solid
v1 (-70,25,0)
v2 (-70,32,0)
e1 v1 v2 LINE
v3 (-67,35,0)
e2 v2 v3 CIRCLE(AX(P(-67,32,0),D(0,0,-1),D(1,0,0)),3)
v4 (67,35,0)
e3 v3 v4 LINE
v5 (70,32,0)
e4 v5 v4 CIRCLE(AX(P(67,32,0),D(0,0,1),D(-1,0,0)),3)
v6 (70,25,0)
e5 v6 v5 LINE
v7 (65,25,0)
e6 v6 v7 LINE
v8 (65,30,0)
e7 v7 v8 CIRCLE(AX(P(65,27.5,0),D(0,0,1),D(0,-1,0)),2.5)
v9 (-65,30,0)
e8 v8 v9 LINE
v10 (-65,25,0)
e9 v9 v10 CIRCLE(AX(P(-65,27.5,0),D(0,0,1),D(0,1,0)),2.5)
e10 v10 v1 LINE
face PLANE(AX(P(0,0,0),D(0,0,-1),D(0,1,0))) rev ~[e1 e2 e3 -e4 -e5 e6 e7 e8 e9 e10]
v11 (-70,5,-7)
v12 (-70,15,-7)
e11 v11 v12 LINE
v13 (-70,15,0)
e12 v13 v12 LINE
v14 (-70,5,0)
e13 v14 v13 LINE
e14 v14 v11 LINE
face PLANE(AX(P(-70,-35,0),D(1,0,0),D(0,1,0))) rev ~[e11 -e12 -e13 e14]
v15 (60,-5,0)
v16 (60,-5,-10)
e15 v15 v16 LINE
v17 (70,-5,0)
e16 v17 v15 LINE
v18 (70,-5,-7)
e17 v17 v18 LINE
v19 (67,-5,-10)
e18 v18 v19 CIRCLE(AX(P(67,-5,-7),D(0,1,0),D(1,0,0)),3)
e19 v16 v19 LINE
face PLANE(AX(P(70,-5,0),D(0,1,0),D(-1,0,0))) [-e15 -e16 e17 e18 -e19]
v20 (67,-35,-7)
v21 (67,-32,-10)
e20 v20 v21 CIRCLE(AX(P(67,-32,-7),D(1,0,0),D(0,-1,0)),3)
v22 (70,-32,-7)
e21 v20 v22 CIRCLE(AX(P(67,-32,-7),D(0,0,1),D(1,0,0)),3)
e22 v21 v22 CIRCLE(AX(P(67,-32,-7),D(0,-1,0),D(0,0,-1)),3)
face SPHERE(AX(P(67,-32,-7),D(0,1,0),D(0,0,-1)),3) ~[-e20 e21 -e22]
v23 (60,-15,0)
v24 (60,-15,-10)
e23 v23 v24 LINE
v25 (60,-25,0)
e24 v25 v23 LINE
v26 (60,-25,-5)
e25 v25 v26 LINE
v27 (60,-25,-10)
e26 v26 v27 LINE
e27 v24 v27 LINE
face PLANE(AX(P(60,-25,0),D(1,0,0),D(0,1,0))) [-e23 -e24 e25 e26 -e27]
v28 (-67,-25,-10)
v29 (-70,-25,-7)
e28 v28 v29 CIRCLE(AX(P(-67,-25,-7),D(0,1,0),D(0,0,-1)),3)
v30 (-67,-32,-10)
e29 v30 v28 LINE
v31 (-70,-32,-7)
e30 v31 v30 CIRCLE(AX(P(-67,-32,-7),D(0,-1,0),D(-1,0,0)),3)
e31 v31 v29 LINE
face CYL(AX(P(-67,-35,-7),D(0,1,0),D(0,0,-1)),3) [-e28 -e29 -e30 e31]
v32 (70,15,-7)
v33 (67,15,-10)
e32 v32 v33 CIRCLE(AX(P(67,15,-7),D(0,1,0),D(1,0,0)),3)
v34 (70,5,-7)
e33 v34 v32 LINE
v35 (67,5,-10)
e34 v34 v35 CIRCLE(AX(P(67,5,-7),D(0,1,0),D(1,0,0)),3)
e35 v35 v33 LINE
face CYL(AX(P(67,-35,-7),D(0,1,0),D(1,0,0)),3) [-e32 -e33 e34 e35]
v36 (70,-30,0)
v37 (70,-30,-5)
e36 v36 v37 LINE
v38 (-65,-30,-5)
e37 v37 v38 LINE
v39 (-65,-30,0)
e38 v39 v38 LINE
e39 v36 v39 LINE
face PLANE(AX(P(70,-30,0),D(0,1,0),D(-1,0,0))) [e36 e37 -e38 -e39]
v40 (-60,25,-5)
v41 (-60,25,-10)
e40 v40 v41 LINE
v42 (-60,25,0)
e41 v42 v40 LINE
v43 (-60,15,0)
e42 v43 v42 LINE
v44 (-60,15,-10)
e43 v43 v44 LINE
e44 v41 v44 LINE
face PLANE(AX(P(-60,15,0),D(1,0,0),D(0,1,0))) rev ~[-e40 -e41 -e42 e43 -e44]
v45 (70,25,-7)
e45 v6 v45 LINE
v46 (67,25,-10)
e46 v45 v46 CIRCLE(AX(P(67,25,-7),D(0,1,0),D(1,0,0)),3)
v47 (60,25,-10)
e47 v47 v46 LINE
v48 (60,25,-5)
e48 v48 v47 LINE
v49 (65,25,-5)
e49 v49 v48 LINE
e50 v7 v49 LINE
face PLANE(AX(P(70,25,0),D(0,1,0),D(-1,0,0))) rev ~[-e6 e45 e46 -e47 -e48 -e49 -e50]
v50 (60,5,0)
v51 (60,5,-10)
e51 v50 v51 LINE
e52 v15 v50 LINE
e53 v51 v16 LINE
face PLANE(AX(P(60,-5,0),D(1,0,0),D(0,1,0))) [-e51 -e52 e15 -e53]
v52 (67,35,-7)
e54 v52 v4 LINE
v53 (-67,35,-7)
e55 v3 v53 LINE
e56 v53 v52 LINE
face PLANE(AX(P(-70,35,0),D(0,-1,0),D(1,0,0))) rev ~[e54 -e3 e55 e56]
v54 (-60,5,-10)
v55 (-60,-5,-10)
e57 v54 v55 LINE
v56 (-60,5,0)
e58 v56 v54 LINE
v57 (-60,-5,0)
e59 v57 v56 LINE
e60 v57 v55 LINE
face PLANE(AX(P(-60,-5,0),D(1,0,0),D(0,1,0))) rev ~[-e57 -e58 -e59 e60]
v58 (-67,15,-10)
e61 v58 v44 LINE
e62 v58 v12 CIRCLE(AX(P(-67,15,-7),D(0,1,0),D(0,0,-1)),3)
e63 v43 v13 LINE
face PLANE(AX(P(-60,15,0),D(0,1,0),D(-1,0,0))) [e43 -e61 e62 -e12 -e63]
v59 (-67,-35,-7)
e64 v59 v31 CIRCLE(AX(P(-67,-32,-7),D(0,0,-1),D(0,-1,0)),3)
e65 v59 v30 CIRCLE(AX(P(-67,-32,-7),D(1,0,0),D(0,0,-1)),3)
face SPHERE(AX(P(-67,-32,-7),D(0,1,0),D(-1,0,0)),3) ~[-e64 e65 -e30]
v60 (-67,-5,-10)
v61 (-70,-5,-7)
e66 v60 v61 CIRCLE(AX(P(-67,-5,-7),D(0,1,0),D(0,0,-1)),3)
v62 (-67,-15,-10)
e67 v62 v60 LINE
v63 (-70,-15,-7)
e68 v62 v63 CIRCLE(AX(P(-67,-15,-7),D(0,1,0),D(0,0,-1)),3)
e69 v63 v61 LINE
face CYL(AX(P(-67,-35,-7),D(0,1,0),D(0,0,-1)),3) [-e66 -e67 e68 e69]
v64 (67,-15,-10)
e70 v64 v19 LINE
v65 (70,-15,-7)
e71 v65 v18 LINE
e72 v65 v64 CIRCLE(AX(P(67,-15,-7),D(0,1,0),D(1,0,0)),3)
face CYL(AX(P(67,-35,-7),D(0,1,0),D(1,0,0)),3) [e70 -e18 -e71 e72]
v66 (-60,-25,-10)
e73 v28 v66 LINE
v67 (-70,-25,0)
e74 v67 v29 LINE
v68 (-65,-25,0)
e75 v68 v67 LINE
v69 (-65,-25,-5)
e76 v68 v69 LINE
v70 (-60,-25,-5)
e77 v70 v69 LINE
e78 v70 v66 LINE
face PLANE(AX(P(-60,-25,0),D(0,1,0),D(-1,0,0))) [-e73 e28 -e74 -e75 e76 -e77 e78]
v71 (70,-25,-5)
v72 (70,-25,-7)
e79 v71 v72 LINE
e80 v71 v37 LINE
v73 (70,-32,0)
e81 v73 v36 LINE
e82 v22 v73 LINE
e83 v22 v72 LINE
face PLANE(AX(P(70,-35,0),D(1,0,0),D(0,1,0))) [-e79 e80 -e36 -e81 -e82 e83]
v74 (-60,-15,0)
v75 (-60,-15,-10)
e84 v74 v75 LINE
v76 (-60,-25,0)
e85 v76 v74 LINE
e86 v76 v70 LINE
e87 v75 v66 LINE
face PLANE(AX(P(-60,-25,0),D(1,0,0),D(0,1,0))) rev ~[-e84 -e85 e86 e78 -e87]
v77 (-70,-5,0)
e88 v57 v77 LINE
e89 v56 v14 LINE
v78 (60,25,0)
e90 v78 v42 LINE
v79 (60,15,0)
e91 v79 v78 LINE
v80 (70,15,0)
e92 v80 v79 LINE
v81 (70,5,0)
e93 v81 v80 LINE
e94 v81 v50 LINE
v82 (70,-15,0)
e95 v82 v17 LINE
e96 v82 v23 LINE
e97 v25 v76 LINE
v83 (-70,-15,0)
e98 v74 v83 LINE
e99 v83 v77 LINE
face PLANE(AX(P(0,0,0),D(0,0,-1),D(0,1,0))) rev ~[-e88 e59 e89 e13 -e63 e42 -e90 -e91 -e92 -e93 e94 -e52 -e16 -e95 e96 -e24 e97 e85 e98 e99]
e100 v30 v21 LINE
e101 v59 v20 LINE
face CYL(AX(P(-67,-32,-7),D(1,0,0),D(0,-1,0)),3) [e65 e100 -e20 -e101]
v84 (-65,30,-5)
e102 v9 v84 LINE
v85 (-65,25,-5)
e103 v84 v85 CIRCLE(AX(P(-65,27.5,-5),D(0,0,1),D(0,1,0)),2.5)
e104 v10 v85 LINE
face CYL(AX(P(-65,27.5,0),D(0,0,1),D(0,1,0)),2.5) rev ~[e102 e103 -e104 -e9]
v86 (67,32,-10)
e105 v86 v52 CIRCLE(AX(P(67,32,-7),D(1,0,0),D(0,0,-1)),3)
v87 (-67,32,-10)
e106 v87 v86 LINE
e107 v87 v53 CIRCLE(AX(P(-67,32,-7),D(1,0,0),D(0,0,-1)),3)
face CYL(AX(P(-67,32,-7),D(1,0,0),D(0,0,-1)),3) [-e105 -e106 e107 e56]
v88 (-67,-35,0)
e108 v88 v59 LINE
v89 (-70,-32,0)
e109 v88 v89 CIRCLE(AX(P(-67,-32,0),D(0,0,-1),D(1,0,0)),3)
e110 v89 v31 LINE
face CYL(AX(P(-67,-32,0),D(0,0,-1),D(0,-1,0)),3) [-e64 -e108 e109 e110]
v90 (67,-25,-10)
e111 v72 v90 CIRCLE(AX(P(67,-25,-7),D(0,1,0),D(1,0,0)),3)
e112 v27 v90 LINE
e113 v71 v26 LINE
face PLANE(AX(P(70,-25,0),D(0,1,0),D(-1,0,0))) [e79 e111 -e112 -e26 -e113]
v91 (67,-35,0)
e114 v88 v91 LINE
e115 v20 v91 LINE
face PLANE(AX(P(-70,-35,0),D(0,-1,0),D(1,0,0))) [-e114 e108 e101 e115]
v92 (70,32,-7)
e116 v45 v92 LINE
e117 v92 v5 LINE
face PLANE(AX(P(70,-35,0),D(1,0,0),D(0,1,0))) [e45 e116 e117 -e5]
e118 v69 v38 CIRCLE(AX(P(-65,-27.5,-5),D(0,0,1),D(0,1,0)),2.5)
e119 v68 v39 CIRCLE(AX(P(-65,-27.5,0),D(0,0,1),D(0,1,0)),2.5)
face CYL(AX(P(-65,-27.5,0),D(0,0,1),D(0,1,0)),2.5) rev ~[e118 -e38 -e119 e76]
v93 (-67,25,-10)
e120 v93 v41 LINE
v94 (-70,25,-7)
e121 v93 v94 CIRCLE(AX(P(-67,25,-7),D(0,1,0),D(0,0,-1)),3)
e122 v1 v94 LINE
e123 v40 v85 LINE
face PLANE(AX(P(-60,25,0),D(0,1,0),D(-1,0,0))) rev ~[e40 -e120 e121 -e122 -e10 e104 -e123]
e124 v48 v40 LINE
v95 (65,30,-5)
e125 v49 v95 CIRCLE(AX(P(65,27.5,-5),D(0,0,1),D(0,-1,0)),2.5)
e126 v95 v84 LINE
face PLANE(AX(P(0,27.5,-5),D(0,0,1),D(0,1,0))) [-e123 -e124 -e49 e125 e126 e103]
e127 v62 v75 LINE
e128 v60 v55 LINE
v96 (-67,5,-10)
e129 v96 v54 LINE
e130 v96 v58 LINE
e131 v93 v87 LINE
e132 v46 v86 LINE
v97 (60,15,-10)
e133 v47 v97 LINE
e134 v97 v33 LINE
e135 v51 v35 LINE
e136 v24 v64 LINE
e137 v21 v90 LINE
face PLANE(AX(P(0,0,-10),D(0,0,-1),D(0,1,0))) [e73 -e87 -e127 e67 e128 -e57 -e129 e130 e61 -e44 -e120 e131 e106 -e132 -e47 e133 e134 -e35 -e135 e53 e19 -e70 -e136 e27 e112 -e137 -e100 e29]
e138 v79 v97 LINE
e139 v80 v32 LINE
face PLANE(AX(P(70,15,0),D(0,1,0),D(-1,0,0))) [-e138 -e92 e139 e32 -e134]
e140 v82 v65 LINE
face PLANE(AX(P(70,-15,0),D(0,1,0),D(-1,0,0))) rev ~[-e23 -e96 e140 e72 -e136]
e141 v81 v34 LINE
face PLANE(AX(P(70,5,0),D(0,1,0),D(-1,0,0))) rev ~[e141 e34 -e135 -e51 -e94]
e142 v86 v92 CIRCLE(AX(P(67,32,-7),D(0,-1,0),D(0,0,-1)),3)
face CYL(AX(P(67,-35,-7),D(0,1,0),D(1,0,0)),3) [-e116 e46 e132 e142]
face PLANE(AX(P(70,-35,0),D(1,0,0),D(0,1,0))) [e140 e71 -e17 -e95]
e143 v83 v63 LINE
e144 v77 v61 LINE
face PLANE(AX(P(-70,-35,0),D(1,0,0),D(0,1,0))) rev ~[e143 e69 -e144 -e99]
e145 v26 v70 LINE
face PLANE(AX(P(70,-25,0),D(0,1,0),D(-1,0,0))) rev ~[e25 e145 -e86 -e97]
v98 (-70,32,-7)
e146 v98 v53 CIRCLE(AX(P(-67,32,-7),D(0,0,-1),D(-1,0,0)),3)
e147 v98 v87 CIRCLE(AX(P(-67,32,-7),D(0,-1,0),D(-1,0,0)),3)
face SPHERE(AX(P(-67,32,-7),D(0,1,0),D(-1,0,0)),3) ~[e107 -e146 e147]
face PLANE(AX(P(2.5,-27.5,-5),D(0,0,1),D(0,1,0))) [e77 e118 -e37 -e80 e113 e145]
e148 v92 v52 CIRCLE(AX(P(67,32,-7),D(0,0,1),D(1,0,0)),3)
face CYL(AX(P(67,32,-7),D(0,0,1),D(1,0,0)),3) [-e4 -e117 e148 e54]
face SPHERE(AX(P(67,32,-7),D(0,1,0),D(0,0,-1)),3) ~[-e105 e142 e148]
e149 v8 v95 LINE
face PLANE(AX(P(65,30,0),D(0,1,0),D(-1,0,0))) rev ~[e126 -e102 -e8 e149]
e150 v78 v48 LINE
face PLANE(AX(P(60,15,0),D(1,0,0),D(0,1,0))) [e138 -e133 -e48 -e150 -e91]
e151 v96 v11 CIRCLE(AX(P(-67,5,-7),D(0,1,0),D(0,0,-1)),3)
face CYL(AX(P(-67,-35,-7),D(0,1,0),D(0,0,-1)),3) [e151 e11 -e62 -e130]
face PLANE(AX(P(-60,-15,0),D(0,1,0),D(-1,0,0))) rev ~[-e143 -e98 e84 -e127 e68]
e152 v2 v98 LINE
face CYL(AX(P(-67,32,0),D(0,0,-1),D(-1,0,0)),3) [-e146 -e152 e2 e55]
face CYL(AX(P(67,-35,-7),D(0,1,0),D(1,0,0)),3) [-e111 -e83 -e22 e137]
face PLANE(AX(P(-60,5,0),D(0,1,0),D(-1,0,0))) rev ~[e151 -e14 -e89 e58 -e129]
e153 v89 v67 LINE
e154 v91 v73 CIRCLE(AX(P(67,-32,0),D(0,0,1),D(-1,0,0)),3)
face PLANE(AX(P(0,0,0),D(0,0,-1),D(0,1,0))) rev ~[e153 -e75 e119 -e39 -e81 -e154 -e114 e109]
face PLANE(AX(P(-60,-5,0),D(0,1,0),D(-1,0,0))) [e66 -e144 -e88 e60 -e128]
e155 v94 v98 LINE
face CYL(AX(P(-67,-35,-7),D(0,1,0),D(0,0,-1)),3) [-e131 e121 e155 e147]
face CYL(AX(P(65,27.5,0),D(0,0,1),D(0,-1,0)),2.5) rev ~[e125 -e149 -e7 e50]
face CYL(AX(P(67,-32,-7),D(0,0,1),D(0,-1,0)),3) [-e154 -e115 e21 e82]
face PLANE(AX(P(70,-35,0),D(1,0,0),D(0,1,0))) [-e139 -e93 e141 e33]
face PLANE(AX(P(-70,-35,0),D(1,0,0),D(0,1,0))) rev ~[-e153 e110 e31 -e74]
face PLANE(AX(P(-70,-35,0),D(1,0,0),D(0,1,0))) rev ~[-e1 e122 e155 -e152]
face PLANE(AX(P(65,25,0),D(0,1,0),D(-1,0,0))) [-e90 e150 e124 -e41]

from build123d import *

# Parameters (mm, degrees)
SKETCH_W             = 70
SKETCH_H             = 140
PAD_DEPTH            = 10
FILLET_R             = 3
FILLET001_R          = 3
SKETCH001_W          = 10
SKETCH001_H          = 10
POCKET_DEPTH         = 10.001
POCKET001_DEPTH      = 5
FILLET002_R          = 3
FILLET003_R          = 3
BODY_PLACEMENT_ANGLE = 90


with BuildPart() as part:
    # Sketch → Pad (new body)
    with BuildSketch(Plane.YZ):
        Rectangle(SKETCH_W, SKETCH_H)
    extrude(amount=PAD_DEPTH)

    # Fillet
    fillet_edges = [part.edges().sort_by_distance(p)[0] for p in [
        (10, 0, 70),
    ]]
    fillet(fillet_edges, radius=FILLET_R)

    # Fillet001
    fillet001_edges = [part.edges().sort_by_distance(p)[0] for p in [
        (10, 0, -70),
    ]]
    fillet(fillet001_edges, radius=FILLET001_R)

    # Sketch001 (on Face7 of Fillet001) → Pocket (cut, through all)
    with BuildSketch(Plane(origin=(0, 0, 0), x_dir=(0, 1, 0), z_dir=(-1, 0, 0))):
        with Locations((-20, 65)):
            Rectangle(SKETCH001_W, SKETCH001_H)
        with Locations((0, 65)):
            Rectangle(SKETCH001_W, SKETCH001_H)
        with Locations((20, 65)):
            Rectangle(SKETCH001_W, SKETCH001_H)
        with Locations((-20, -65)):
            Rectangle(SKETCH001_W, SKETCH001_H)
        with Locations((0, -65)):
            Rectangle(SKETCH001_W, SKETCH001_H)
        with Locations((20, -65)):
            Rectangle(SKETCH001_W, SKETCH001_H)
    extrude(amount=-POCKET_DEPTH, mode=Mode.SUBTRACT)

    # Sketch002 (on Face7 of Pocket) → Pocket001 (cut)
    with BuildSketch(Plane(origin=(0, 0, 0), x_dir=(0, 1, 0), z_dir=(-1, 0, 0))):
        with BuildLine():
            ThreePointArc((25, -65), (27.5, -67.5), (30, -65))
            Line((30, -65), (30, 65))
            ThreePointArc((30, 65), (27.5, 67.5), (25, 65))
            Line((25, -65), (25, 65))
        make_face()
        with BuildLine():
            ThreePointArc((-30, -70), (-27.5, -72.5), (-25, -70))
            Line((-25, -70), (-25, 65))
            ThreePointArc((-25, 65), (-27.5, 67.5), (-30, 65))
            Line((-30, -70), (-30, 65))
        make_face()
    extrude(amount=-POCKET001_DEPTH, mode=Mode.SUBTRACT)

    # Fillet002
    fillet002_edges = [part.edges().sort_by_distance(p)[0] for p in [
        (10, -35, 0),
    ]]
    fillet(fillet002_edges, radius=FILLET002_R)

    # Fillet003
    fillet003_edges = [part.edges().sort_by_distance(p)[0] for p in [
        (10, 35, 0),
    ]]
    fillet(fillet003_edges, radius=FILLET003_R)


with BuildPart() as part_1:
    # Body placement: moved
    add(part.part.rotate(Axis((0, 0, 0), (0, 1, 0)), BODY_PLACEMENT_ANGLE))


solid = part_1.part
